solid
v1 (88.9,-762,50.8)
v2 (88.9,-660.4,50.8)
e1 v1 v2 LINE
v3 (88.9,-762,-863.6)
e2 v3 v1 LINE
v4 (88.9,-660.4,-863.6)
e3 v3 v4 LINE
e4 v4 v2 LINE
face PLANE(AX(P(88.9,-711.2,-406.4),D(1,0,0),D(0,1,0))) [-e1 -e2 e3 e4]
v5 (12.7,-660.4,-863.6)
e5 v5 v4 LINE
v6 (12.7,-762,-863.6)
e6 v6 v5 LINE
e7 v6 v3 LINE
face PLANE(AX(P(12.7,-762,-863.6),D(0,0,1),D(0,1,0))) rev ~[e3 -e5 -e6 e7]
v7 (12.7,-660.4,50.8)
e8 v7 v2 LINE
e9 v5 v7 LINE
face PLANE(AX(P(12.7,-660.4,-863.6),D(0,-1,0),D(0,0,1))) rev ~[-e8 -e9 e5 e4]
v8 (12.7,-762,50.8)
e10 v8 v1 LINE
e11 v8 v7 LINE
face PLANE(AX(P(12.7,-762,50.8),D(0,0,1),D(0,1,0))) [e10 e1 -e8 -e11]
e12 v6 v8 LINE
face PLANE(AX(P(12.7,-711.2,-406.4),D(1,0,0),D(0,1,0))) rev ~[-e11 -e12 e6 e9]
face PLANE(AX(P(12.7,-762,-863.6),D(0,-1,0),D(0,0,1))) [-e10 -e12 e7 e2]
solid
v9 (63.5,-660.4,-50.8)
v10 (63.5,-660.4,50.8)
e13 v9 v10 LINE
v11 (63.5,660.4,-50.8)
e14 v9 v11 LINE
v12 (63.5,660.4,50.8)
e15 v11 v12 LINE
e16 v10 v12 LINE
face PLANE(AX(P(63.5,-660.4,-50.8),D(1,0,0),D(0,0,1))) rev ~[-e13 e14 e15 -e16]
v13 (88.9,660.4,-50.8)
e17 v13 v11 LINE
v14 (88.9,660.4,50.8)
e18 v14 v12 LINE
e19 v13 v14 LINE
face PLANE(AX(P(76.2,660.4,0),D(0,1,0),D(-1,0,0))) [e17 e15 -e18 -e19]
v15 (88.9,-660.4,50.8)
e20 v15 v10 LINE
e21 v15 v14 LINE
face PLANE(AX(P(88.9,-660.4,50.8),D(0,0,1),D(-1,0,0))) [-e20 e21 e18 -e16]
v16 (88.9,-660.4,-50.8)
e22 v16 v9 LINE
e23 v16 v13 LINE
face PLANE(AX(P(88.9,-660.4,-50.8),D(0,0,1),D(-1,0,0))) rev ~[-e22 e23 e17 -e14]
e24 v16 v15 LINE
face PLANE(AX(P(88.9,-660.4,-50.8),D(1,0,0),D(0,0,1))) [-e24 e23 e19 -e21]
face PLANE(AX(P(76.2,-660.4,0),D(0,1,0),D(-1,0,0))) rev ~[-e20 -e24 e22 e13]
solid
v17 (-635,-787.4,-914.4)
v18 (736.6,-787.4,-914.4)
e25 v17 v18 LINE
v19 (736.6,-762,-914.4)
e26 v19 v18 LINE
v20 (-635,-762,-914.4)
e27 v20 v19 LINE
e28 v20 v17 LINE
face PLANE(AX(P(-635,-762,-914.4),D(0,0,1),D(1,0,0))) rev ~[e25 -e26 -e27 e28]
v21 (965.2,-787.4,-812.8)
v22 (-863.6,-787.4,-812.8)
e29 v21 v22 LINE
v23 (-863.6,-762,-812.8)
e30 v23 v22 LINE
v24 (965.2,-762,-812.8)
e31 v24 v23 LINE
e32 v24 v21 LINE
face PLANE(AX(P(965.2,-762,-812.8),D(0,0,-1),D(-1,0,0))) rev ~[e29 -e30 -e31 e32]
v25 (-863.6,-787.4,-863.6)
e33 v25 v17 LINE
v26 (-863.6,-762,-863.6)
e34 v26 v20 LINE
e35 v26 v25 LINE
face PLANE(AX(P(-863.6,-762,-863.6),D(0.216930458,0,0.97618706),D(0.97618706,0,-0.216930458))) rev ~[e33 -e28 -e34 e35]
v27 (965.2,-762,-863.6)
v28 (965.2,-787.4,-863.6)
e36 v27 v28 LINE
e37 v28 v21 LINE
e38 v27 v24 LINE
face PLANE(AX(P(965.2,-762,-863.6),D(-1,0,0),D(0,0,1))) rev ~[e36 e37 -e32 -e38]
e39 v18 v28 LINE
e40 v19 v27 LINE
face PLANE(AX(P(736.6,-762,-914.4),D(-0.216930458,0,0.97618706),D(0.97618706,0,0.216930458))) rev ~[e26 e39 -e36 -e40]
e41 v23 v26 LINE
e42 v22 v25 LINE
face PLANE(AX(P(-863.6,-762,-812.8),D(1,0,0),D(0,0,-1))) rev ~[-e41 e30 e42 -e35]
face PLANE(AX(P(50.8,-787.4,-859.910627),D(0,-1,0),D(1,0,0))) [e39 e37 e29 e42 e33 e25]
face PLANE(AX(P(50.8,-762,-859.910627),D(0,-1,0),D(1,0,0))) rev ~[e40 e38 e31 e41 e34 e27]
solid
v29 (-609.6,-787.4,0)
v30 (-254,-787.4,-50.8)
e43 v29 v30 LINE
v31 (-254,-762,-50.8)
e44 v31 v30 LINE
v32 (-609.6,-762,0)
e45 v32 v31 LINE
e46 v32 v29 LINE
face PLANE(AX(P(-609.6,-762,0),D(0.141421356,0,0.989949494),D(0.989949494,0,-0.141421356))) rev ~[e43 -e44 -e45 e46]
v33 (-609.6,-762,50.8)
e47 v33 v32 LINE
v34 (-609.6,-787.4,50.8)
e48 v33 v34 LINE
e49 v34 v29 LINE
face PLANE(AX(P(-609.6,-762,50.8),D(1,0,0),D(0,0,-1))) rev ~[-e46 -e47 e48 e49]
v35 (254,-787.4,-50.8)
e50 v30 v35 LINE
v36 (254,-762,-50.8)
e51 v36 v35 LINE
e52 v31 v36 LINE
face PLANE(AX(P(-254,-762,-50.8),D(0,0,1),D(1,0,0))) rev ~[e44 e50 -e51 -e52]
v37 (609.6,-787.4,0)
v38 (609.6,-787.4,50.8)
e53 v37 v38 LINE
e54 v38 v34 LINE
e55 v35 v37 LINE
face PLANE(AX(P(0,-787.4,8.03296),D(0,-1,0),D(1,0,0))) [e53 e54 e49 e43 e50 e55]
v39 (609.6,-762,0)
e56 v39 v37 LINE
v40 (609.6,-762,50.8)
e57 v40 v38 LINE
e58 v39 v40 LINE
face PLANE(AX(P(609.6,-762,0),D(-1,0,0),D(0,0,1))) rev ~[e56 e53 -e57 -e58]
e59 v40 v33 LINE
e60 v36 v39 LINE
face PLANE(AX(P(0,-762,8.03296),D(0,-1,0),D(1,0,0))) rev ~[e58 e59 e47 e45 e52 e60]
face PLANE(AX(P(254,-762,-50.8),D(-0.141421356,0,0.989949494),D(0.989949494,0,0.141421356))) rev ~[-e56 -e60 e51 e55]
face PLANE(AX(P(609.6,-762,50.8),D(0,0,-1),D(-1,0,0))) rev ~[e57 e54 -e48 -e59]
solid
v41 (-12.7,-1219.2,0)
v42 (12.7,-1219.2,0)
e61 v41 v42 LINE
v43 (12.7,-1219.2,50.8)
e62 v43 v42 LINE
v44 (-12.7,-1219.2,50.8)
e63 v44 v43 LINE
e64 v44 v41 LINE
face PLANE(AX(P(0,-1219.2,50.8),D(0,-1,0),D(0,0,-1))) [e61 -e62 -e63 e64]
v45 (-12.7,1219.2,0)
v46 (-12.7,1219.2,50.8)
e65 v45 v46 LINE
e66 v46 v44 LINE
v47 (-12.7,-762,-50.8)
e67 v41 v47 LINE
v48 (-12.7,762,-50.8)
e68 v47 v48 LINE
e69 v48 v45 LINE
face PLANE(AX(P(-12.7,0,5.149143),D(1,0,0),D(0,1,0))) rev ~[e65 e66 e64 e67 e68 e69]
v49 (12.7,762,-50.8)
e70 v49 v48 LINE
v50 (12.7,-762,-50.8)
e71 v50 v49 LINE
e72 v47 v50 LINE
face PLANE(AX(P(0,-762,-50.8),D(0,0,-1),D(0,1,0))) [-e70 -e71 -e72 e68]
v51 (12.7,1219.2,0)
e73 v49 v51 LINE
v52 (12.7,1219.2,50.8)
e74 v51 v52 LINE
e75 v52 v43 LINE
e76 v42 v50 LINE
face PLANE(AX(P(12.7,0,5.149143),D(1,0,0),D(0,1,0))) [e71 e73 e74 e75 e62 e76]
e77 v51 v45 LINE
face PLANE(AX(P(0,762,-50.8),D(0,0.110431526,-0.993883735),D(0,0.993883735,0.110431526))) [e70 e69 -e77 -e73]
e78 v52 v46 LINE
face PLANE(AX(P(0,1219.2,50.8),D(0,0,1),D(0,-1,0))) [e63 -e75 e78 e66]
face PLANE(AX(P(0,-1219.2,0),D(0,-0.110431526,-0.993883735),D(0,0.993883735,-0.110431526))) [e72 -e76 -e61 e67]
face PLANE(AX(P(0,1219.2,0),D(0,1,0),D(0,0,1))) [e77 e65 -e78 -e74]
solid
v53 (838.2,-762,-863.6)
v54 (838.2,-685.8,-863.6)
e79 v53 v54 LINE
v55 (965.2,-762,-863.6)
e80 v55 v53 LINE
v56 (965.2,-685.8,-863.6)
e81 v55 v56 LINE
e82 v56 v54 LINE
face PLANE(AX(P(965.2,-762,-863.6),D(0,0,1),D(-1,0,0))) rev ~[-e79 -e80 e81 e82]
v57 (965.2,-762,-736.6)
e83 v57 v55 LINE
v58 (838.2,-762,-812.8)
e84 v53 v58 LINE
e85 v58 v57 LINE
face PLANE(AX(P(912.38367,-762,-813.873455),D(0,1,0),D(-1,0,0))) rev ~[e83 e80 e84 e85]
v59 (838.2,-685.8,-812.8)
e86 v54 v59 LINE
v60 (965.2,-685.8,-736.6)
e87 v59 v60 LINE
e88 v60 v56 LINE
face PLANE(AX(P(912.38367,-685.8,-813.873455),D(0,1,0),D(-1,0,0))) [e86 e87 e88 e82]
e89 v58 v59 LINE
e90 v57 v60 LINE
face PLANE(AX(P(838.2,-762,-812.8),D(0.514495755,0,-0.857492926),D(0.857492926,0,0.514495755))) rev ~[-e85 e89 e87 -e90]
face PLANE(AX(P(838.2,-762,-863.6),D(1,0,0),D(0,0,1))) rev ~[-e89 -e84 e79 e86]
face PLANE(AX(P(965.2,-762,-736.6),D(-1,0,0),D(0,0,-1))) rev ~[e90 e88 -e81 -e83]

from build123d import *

# Parameters (mm, degrees)
F1_DEPTH  = 12.7
F2_W      = 101.6
F2_H      = 914.4
F3_DEPTH  = 76.2
F6_DEPTH  = 25.4
F9_DEPTH  = 25.4
F10_W     = 25.4
F10_H     = 101.6
F11_DEPTH = 1320.8
F13_DEPTH = 76.2


with BuildPart() as f1:
    # F0 (on Right) → F1 (new body, symmetric)
    with BuildSketch(Plane.YZ):
        Polygon((1219.2, 50.8), (-1219.2, 50.8), (-1219.2, 0), (-762, -50.8), (762, -50.8), (762.490941, -50.745451), (1219.2, 0), align=None)
    extrude(amount=F1_DEPTH, both=True)


with BuildPart() as f3:
    # F2 (on face) → F3 (new body)
    with BuildSketch(Plane.YZ.offset(12.7)):
        with Locations((-711.2, -406.4)):
            Rectangle(F2_W, F2_H)
    extrude(amount=F3_DEPTH)


with BuildPart() as f4_1:
    # F4: copy of F3
    add(f3.part.moved(Location((0, 1422.4, 0))))


with BuildPart() as f6:
    # F5 (on face) → F6 (new body)
    with BuildSketch(Plane.XZ.offset(762)):
        Polygon((609.6, 50.8), (-609.6, 50.8), (-609.6, 0), (-254, -50.8), (254, -50.8), (609.6, 0), align=None)
    extrude(amount=F6_DEPTH)


with BuildPart() as f9:
    # F8 (on face) → F9 (new body)
    with BuildSketch(Plane.XZ.offset(762)):
        Polygon((965.2, -812.8), (-863.6, -812.8), (-863.6, -863.6), (-635, -914.4), (736.6, -914.4), (965.2, -863.6), align=None)
    extrude(amount=F9_DEPTH)


with BuildPart() as f11:
    # F10 (on face) → F11 (new body)
    with BuildSketch(Plane(origin=(0, -660.4, 0), x_dir=(-1, 0, 0), z_dir=(0, 1, 0))):
        with Locations((-76.2, 0)):
            Rectangle(F10_W, F10_H)
    extrude(amount=F11_DEPTH)


with BuildPart() as f13:
    # F12 (on face) → F13 (new body)
    with BuildSketch(Plane(origin=(0, -762, 0), x_dir=(-1, 0, 0), z_dir=(0, 1, 0))):
        Polygon((-965.2, -736.6), (-965.2, -812.8), (-965.2, -863.6), (-838.2, -863.6), (-838.2, -812.8), align=None)
    extrude(amount=F13_DEPTH)


solid = Compound([f1.part, f3.part, f6.part, f9.part, f11.part, f13.part])
